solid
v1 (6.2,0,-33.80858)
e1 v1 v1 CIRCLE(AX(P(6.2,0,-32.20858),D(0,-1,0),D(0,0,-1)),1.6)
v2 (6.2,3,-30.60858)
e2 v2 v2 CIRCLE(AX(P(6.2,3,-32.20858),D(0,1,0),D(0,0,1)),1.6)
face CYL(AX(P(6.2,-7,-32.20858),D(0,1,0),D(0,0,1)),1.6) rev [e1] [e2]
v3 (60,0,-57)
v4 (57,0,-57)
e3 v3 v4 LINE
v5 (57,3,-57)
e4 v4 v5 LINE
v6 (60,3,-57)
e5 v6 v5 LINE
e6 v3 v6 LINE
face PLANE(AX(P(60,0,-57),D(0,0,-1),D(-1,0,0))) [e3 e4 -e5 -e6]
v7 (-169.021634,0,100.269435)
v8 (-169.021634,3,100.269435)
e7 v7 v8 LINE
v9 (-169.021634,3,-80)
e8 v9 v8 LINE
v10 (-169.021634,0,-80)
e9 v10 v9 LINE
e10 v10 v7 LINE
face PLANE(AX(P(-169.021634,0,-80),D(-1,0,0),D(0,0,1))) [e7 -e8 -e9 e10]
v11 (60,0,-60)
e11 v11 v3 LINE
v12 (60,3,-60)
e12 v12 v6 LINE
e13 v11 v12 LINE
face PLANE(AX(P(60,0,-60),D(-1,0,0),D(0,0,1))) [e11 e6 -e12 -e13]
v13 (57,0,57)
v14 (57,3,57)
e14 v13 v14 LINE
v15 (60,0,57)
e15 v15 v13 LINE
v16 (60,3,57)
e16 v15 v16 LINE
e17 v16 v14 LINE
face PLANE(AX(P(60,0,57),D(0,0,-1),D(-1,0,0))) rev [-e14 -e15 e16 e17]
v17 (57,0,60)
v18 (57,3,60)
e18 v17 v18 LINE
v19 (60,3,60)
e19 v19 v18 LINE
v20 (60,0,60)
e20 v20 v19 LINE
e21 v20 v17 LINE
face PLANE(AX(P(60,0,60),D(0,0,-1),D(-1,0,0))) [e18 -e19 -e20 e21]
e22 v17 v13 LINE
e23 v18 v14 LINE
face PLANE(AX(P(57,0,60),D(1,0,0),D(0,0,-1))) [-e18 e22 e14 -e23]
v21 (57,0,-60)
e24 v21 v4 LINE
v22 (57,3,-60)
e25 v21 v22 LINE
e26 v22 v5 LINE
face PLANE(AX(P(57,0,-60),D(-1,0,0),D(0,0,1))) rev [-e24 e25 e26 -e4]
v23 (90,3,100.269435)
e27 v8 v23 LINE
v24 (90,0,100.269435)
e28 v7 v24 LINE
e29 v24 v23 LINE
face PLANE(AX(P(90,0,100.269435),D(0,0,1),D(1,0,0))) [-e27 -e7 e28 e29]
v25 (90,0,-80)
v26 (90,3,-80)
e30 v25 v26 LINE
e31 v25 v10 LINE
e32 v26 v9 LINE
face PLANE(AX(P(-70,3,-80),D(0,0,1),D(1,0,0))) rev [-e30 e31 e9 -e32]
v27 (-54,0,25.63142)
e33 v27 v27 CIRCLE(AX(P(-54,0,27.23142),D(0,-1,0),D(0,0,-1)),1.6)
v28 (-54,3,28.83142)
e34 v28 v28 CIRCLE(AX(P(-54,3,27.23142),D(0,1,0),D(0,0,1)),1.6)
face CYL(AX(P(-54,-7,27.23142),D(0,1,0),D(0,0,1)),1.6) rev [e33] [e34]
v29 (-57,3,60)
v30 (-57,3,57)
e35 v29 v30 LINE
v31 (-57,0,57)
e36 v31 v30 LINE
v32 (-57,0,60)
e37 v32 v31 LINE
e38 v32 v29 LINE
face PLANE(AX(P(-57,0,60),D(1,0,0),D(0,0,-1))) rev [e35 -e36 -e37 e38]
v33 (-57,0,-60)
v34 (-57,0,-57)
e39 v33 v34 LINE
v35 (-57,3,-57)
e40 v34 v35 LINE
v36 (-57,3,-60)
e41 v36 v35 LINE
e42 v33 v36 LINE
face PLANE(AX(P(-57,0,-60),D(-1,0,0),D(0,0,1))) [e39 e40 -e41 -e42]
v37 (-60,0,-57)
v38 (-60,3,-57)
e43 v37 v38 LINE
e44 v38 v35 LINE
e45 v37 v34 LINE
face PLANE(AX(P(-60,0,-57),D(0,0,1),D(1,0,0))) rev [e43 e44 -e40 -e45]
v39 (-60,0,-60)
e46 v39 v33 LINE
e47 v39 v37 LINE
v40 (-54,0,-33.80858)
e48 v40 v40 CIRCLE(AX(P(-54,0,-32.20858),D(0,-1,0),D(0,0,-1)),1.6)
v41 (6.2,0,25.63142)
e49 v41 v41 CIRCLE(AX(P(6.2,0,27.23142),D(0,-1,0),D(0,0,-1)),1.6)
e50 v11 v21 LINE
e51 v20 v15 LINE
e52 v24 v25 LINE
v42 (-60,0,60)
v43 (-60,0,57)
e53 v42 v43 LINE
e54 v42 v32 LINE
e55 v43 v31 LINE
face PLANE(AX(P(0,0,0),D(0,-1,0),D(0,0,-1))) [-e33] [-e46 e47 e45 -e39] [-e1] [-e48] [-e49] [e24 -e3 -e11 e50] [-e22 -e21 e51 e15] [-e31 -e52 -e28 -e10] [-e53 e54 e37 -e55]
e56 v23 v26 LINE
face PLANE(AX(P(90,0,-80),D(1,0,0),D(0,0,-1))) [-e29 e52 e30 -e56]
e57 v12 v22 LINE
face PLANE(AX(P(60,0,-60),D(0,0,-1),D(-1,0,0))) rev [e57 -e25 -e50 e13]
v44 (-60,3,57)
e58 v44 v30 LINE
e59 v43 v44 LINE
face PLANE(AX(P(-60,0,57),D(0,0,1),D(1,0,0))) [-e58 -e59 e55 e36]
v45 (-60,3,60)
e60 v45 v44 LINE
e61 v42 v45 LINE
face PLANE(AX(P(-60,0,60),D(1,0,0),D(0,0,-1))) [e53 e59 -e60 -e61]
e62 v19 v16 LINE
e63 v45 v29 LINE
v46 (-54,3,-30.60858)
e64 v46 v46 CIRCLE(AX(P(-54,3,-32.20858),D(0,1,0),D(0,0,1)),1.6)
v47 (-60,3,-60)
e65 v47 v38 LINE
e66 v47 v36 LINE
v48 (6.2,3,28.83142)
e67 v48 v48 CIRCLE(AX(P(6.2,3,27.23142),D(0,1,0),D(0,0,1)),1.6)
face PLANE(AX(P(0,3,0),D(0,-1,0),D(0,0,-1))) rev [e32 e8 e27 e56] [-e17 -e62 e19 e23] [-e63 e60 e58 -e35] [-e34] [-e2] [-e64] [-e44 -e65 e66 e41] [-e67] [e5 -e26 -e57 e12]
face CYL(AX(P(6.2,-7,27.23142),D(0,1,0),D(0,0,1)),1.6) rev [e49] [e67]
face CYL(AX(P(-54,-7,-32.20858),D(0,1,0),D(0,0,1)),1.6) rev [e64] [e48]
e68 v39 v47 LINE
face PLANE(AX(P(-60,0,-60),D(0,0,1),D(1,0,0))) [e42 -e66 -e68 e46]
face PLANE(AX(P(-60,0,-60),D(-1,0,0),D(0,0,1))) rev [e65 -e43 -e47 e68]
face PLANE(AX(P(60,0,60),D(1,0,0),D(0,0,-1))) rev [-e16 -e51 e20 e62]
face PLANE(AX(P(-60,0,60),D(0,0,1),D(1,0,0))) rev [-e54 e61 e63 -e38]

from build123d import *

# Parameters (mm, degrees)
SKETCH1_W           = 140
SKETCH1_H           = 160
BOSS_EXTRUDE1_DEPTH = 3
SKETCH2_W           = 120
SKETCH2_H           = 120
SKETCH2_W_2         = 114
SKETCH2_H_2         = 114
BOSS_EXTRUDE2_DEPTH = 70
SKETCH4_W           = 120
SKETCH4_H           = 120
BOSS_EXTRUDE4_DEPTH = 3
SKETCH5_R           = 2.1
SKETCH5_W           = 39.9
SKETCH5_H           = 19.71
CUT_EXTRUDE2_DEPTH  = 3
SKETCH6_W           = 18.298163042
SKETCH6_H           = 17.309993256
CUT_EXTRUDE3_DEPTH  = 3
CUT_EXTRUDE8_DEPTH  = 5
SKETCH15_W          = 259.021634325
SKETCH15_H          = 180.269434884
BOSS_EXTRUDE5_DEPTH = 3
SKETCH18_R          = 1.6
CUT_EXTRUDE9_DEPTH  = 10
SKETCH19_W          = 12
SKETCH19_H          = 4.5
SKETCH19_H_2        = 8.4
SKETCH19_W_2        = 10.084057066
SKETCH19_H_3        = 7.362028533
CUT_EXTRUDE11_DEPTH = 5
SKETCH20_W          = 147.415821731
SKETCH20_H          = 93.246752781
CUT_EXTRUDE13_DEPTH = 262.306082135
SKETCH21_W          = 3
SKETCH21_H          = 3
CUT_EXTRUDE14_DEPTH = 197.5483972


with BuildPart() as part:
    # Sketch1 → Boss-Extrude1 (new body)
    with BuildSketch(Plane(origin=(0, 0, 0), x_dir=(1, 0, 0), z_dir=(0, 1, 0))):
        Rectangle(SKETCH1_W, SKETCH1_H)
    extrude(amount=BOSS_EXTRUDE1_DEPTH)

    # Sketch2 → Boss-Extrude2 (add)
    with BuildSketch(Plane(origin=(0, 3, 0), x_dir=(1, 0, 0), z_dir=(0, 1, 0))):
        Rectangle(SKETCH2_W, SKETCH2_H)
        Rectangle(SKETCH2_W_2, SKETCH2_H_2, mode=Mode.SUBTRACT)
    extrude(amount=BOSS_EXTRUDE2_DEPTH)

    # Sketch4 → Boss-Extrude4 (add)
    with BuildSketch(Plane(origin=(0, 73, 0), x_dir=(1, 0, 0), z_dir=(0, 1, 0))):
        Rectangle(SKETCH4_W, SKETCH4_H)
    extrude(amount=BOSS_EXTRUDE4_DEPTH)

    # Sketch5 → Cut-Extrude2 (cut)
    with BuildSketch(Plane(origin=(0, 76, 0), x_dir=(1, 0, 0), z_dir=(0, 1, 0))):
        with Locations(Location((34.39, -4.925, 0), (0, 0, 270))):
            Circle(SKETCH5_R)
        with Locations(Location((34.39, 4.925, 0), (0, 0, 270))):
            Circle(SKETCH5_R)
        with Locations(Location((-15.03, -4.925, 0), (0, 0, 270))):
            Circle(SKETCH5_R)
        with Locations(Location((-15.03, 4.925, 0), (0, 0, 270))):
            Circle(SKETCH5_R)
        with Locations((9.68, 0)):
            Rectangle(SKETCH5_W, SKETCH5_H)
    extrude(amount=-CUT_EXTRUDE2_DEPTH, mode=Mode.SUBTRACT)

    # Sketch6 → Cut-Extrude3 (cut)
    with BuildSketch(Plane(origin=(0, 76, 0), x_dir=(1, 0, 0), z_dir=(0, 1, 0))):
        Rectangle(SKETCH6_W, SKETCH6_H)
    extrude(amount=-CUT_EXTRUDE3_DEPTH, mode=Mode.SUBTRACT)

    # Sketch13 → Cut-Extrude8 (cut)
    with BuildSketch(Plane(origin=(0, 76, 0), x_dir=(1, 0, 0), z_dir=(0, 1, 0))):
        with BuildLine():
            ThreePointArc((-3.792582359, 49.728765052), (-53.491503795, -1.722579942), (-0.349490011, -49.609426409))
            ThreePointArc((-0.349490011, -49.609426409), (5.82592347, -42.51288634), (-1.270616599, -36.337472859))
            ThreePointArc((-1.270616599, -36.337472859), (-40.195607742, -1.261740085), (-3.792582359, 36.42488497))
            ThreePointArc((-3.792582359, 36.42488497), (2.859357682, 43.076825011), (-3.792582359, 49.728765052))
        make_face()
    extrude(amount=-CUT_EXTRUDE8_DEPTH, mode=Mode.SUBTRACT)

    # Sketch15 → Boss-Extrude5 (add)
    with BuildSketch(Plane(origin=(0, 3, 0), x_dir=(1, 0, 0), z_dir=(0, 1, 0))):
        with Locations((-39.510817163, -10.134717442)):
            Rectangle(SKETCH15_W, SKETCH15_H)
    extrude(amount=-BOSS_EXTRUDE5_DEPTH)

    # Sketch18 → Cut-Extrude9 (cut)
    with BuildSketch(Plane(origin=(0, 3, 0), x_dir=(1, 0, 0), z_dir=(0, 1, 0))):
        with Locations(Location((-54, -27.231420358, 0), (0, 0, 270))):
            Circle(SKETCH18_R)
        with Locations(Location((6.2, -27.231420358, 0), (0, 0, 270))):
            Circle(SKETCH18_R)
        with Locations(Location((-54, 32.208579642, 0), (0, 0, 270))):
            Circle(SKETCH18_R)
        with Locations(Location((6.2, 32.208579642, 0), (0, 0, 270))):
            Circle(SKETCH18_R)
    extrude(amount=-CUT_EXTRUDE9_DEPTH, mode=Mode.SUBTRACT)

    # Sketch19 → Cut-Extrude11 (cut)
    with BuildSketch(Plane.ZY.offset(60)):
        with Locations((12.367420358, 33)):
            Rectangle(SKETCH19_W, SKETCH19_H)
        with Locations((-11.259414931, 37.2)):
            Rectangle(SKETCH19_W, SKETCH19_H_2)
        with Locations((-28.606781654, 36.742945388)):
            Rectangle(SKETCH19_W_2, SKETCH19_H_3)
    extrude(amount=-CUT_EXTRUDE11_DEPTH, mode=Mode.SUBTRACT)

    # Sketch20 → Cut-Extrude13 (cut, through all)
    with BuildSketch(Plane(origin=(60, 0, 0), x_dir=(0, 0, -1), z_dir=(1, 0, 0))):
        with Locations((-5.661677996, 49.623376391)):
            Rectangle(SKETCH20_W, SKETCH20_H)
    extrude(amount=-CUT_EXTRUDE13_DEPTH, mode=Mode.SUBTRACT)

    # Sketch21 → Cut-Extrude14 (cut, through all)
    with BuildSketch(Plane(origin=(0, 3, 0), x_dir=(1, 0, 0), z_dir=(0, 1, 0))):
        with Locations((-58.5, 58.5)):
            Rectangle(SKETCH21_W, SKETCH21_H)
        with Locations((58.5, -58.5)):
            Rectangle(SKETCH21_W, SKETCH21_H)
        with Locations((58.5, 58.5)):
            Rectangle(SKETCH21_W, SKETCH21_H)
        with Locations((-58.5, -58.5)):
            Rectangle(SKETCH21_W, SKETCH21_H)
    extrude(amount=-CUT_EXTRUDE14_DEPTH, mode=Mode.SUBTRACT)


solid = part.part
